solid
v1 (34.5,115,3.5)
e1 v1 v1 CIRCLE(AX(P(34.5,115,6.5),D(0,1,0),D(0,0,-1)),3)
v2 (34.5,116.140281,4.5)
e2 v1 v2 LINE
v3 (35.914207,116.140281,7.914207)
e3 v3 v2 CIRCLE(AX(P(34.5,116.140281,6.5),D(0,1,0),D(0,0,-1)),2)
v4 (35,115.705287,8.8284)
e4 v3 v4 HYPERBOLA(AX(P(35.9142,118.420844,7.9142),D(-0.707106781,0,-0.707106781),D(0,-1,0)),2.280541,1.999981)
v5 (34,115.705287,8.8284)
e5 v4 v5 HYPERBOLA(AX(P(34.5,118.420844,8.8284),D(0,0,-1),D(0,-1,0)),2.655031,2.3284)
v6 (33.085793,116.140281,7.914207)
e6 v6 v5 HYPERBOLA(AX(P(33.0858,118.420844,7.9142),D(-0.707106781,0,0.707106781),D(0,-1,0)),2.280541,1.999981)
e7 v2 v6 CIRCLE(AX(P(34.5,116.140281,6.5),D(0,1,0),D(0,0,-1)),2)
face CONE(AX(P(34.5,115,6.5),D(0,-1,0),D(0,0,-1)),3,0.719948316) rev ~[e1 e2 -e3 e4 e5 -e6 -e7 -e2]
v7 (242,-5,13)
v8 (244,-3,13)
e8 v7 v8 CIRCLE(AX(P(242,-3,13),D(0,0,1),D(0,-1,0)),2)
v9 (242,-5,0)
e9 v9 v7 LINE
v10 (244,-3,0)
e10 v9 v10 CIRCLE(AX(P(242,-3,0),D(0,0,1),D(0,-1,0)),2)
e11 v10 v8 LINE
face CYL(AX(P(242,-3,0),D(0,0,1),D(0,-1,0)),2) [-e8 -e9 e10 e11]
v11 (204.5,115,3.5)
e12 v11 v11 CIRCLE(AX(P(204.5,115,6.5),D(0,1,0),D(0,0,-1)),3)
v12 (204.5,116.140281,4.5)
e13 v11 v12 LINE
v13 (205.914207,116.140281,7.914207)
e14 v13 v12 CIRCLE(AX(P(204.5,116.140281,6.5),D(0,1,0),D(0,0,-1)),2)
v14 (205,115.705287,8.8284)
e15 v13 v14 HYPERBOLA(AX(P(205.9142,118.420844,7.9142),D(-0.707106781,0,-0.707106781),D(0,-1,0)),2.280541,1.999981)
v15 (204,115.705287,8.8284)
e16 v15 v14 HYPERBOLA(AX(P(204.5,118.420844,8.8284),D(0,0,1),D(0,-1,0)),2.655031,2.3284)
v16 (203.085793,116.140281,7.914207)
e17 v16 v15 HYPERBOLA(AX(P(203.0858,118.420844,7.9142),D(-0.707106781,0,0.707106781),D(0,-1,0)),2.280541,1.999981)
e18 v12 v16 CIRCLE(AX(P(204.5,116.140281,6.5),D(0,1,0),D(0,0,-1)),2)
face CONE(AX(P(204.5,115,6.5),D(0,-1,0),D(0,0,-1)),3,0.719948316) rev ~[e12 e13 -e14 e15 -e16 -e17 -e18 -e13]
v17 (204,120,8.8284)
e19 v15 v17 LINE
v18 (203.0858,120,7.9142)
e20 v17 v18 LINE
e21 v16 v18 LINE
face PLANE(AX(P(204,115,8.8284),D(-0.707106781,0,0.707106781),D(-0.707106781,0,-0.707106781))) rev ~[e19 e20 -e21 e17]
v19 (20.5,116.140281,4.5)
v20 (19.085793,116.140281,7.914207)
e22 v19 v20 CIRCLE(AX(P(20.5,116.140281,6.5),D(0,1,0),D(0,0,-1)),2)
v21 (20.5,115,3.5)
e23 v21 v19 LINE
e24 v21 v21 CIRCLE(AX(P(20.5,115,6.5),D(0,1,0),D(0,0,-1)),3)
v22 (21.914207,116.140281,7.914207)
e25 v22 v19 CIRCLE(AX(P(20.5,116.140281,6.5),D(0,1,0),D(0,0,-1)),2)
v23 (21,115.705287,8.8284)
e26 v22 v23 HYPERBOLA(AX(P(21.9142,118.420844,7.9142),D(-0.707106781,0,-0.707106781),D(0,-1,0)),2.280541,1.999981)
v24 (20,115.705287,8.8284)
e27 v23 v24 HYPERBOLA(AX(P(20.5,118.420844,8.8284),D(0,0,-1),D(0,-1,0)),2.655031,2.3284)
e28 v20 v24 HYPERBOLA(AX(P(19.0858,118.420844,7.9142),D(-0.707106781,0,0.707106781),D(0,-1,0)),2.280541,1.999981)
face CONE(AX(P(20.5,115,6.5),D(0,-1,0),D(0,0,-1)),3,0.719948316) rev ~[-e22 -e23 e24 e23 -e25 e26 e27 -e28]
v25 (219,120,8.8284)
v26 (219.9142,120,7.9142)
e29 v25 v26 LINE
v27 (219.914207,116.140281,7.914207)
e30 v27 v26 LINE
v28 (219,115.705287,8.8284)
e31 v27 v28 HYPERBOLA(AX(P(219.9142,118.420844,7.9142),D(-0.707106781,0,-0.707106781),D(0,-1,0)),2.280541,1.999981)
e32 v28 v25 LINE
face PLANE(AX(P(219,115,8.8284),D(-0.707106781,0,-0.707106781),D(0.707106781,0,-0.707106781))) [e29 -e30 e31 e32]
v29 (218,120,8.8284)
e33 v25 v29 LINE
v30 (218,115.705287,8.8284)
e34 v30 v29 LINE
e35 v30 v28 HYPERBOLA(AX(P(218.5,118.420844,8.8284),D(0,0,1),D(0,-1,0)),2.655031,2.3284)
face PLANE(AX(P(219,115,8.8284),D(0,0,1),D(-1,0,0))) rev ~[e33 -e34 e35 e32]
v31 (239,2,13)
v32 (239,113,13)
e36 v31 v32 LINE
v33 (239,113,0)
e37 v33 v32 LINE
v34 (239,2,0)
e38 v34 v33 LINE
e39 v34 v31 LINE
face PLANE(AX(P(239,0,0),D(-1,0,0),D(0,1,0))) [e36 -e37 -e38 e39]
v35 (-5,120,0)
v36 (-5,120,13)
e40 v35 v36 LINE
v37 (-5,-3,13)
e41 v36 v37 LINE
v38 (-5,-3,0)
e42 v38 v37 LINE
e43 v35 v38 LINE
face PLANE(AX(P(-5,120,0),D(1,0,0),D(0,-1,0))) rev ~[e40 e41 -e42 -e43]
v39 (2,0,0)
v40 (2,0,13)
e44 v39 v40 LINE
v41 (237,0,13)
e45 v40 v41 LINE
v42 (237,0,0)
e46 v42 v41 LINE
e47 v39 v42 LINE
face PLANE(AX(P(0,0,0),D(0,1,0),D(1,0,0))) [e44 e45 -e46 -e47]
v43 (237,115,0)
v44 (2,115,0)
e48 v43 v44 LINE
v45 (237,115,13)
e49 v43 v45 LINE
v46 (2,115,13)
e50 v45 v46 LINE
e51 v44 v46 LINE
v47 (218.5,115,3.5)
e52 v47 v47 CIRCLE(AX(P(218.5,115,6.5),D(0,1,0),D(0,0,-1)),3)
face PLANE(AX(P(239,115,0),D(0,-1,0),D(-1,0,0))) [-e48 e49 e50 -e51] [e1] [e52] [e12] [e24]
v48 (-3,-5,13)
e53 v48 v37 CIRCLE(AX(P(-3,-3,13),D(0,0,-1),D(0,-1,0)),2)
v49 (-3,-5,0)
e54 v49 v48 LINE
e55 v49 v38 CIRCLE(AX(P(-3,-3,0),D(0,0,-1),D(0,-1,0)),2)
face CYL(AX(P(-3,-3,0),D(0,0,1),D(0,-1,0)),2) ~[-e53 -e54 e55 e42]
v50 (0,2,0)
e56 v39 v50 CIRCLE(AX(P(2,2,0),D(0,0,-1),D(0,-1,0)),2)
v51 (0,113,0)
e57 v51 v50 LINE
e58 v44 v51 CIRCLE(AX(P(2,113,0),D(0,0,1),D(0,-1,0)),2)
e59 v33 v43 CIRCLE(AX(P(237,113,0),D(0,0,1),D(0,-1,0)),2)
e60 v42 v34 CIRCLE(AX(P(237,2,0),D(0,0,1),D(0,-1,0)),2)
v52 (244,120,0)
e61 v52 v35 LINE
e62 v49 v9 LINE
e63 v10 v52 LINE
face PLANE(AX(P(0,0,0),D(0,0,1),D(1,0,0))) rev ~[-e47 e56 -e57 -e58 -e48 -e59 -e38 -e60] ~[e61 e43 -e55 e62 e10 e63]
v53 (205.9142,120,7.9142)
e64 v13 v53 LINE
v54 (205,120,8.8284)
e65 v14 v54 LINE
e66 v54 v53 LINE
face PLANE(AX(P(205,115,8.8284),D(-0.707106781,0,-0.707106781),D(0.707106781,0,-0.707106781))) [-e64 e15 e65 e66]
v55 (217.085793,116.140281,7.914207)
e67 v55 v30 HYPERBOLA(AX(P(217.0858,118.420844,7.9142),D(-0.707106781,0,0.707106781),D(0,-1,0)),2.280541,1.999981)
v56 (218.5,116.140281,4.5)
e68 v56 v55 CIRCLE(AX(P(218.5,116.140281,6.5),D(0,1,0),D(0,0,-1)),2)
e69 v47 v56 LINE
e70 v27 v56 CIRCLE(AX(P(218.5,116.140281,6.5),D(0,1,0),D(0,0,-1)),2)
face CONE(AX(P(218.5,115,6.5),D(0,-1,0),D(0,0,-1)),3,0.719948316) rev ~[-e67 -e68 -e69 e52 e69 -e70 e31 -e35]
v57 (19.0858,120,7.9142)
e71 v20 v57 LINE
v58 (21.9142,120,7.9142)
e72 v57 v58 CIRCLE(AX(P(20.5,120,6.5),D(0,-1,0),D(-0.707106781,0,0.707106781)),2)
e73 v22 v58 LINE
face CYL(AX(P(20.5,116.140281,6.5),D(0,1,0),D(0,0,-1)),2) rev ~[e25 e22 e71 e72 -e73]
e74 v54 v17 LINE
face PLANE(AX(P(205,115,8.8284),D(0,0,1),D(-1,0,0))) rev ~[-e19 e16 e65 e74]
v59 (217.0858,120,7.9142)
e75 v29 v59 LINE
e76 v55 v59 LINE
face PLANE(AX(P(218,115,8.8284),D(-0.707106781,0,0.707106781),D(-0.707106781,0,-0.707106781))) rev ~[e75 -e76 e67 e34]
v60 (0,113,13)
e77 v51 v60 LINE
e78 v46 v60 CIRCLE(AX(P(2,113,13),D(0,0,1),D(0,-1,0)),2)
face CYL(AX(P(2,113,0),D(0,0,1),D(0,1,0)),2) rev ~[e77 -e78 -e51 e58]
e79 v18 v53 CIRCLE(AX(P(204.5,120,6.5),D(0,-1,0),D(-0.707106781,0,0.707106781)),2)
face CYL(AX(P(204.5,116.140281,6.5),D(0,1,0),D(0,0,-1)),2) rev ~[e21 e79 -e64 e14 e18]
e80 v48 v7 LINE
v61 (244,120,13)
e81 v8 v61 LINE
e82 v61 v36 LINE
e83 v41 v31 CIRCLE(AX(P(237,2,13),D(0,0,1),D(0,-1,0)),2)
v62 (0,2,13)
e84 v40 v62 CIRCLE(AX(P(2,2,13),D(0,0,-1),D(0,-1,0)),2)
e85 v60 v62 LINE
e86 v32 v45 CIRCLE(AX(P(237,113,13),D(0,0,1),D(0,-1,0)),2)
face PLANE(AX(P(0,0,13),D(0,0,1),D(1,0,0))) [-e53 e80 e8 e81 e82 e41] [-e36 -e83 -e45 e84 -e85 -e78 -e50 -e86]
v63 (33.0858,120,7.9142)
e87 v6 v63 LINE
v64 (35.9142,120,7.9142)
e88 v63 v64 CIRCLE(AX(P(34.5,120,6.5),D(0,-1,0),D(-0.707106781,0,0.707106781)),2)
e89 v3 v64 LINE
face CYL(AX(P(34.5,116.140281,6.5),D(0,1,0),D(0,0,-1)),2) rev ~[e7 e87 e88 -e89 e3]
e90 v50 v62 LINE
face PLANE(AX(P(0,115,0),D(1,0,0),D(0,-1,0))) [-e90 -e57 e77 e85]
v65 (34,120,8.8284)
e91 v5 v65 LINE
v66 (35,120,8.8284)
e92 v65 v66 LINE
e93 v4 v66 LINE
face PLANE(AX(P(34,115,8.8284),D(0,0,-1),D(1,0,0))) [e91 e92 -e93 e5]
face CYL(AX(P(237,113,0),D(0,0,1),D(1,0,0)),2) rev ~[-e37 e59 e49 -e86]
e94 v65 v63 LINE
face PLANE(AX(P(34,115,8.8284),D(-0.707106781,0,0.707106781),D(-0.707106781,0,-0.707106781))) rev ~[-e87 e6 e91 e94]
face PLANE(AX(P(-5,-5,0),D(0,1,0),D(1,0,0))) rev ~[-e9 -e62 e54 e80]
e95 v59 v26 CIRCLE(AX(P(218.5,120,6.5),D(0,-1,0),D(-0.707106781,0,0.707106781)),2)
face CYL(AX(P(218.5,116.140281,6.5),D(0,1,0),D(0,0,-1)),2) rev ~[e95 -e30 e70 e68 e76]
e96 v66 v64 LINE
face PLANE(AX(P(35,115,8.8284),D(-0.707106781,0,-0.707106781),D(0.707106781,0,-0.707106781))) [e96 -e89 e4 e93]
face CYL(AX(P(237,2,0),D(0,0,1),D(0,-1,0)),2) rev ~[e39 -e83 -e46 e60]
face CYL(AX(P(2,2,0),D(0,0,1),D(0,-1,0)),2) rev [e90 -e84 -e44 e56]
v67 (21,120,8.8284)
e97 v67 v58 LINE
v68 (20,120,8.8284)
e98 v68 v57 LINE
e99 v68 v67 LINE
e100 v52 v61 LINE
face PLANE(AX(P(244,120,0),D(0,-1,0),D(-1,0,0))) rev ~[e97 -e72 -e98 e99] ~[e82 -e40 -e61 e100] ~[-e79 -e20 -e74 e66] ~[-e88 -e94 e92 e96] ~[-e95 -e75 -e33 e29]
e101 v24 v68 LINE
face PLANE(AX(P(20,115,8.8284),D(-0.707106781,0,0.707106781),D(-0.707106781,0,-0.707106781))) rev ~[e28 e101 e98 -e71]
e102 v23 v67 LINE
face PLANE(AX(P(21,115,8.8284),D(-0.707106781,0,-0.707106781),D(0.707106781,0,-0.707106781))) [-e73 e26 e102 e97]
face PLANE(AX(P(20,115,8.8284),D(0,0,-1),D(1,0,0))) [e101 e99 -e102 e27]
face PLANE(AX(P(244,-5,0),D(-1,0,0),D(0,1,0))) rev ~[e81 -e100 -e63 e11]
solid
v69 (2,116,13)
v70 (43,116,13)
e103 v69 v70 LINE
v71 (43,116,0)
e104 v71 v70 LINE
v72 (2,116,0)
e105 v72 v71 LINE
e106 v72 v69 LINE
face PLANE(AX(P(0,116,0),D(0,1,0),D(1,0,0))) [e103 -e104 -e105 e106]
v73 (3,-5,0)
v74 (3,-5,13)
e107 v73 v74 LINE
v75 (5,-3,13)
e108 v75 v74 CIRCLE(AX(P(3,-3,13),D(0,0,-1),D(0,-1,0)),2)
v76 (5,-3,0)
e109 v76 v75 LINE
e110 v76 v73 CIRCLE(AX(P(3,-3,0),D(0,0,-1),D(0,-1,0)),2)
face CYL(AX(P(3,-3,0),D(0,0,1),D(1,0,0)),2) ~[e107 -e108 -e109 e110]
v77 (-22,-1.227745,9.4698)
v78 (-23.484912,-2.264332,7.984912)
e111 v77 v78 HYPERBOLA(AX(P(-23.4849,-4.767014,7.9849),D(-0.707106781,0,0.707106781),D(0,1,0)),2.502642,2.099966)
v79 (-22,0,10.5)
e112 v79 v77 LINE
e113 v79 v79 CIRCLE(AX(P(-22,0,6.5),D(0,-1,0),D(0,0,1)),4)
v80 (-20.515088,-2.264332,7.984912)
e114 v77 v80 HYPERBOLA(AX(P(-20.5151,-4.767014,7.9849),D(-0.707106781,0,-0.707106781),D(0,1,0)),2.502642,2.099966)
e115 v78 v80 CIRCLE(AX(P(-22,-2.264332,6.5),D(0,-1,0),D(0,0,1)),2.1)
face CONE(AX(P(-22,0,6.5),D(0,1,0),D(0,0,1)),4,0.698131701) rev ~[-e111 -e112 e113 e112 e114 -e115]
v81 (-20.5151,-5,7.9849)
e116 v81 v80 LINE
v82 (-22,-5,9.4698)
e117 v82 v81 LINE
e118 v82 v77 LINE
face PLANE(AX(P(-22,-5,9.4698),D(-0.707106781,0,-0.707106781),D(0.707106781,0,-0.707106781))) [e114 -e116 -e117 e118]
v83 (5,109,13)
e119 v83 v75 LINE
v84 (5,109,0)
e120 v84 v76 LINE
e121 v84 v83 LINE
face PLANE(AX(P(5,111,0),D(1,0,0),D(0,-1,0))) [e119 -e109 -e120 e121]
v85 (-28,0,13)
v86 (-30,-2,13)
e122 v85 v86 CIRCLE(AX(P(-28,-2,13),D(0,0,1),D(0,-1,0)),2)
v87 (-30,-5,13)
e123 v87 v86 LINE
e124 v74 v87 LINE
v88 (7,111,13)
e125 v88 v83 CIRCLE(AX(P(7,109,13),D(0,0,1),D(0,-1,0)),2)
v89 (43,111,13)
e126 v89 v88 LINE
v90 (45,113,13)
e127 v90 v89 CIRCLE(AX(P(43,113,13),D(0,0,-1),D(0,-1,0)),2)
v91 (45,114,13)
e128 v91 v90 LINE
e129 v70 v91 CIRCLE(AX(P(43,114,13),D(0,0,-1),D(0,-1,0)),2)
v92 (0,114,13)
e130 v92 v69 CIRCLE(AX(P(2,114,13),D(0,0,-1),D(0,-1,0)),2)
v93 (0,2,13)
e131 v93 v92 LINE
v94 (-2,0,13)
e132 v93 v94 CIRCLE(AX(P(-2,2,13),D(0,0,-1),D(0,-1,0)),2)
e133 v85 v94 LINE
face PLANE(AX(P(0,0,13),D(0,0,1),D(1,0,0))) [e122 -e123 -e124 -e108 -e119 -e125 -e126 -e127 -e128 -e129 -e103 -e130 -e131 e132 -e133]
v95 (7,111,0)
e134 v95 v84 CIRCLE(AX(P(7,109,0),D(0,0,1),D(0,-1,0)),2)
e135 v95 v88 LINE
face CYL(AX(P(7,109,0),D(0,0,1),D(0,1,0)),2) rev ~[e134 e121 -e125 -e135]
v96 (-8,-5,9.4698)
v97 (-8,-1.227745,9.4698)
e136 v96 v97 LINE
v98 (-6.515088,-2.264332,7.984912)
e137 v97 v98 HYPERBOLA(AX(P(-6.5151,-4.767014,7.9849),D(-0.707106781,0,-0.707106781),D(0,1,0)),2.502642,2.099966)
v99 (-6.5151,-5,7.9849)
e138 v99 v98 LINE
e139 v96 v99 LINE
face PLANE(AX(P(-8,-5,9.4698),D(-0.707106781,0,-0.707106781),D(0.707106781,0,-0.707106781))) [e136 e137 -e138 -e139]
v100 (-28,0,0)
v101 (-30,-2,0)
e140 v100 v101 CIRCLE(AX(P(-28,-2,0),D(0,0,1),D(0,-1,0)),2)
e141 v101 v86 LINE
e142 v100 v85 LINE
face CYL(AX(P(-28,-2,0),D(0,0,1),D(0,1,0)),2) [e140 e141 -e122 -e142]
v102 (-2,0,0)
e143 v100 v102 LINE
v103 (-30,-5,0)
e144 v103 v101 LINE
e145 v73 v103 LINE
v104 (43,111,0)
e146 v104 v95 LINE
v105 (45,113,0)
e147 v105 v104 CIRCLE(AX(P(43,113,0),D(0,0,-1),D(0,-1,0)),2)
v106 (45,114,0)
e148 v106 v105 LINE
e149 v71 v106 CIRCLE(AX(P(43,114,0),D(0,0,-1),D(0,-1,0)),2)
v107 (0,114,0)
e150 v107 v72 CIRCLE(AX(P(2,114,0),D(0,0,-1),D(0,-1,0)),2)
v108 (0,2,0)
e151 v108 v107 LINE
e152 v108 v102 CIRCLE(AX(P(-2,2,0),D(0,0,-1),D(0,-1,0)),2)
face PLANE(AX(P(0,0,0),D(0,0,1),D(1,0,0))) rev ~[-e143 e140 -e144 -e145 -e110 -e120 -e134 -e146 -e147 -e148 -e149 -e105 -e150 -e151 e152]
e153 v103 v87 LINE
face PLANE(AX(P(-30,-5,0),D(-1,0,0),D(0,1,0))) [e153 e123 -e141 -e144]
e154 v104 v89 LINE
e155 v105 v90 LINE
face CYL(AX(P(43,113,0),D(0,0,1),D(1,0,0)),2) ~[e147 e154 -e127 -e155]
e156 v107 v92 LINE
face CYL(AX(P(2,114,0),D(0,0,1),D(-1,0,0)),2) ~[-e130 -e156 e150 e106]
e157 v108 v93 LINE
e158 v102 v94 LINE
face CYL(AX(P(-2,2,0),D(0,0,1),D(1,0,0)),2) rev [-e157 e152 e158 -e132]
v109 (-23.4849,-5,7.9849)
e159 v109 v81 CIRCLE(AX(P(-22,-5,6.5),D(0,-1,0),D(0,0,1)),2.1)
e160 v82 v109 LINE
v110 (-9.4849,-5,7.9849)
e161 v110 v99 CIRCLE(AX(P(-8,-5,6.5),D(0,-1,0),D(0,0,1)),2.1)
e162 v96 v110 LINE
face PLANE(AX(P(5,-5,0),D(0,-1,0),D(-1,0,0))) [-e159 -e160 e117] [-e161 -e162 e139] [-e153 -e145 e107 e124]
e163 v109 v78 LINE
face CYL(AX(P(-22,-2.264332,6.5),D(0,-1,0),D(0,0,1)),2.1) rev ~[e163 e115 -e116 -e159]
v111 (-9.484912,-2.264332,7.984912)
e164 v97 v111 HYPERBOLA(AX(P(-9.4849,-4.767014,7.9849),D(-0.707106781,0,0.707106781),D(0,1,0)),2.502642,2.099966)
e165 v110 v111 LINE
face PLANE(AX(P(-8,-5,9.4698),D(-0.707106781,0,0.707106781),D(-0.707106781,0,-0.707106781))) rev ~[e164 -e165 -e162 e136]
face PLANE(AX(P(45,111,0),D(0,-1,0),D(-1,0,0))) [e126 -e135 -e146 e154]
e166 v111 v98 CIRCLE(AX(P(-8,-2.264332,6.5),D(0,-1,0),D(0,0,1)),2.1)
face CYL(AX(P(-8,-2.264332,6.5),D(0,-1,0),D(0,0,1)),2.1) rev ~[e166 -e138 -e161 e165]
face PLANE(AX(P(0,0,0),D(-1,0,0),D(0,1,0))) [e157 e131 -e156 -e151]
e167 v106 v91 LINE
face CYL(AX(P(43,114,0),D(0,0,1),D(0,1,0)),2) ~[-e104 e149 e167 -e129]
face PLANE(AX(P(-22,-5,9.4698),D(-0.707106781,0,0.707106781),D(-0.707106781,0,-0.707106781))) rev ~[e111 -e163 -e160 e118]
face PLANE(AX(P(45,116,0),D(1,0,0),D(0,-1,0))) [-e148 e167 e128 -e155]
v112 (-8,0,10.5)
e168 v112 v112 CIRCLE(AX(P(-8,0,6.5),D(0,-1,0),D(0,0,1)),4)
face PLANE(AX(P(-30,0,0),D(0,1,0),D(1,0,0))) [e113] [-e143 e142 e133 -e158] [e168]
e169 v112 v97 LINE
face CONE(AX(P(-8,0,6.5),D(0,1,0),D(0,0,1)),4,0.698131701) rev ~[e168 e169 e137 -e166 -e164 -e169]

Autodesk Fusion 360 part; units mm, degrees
sketch "Sketch1" plane through (0, 0, 0) normal (0, 0, 1) x (1, 0, 0)
  line L0 (0, 0) -> (0, 116)
  line L1 (0, 116) -> (45, 116)
  line L2 (45, 116) -> (45, 111)
  line L3 (45, 111) -> (5, 111)
  line L4 (5, 111) -> (5, -5)
  line L5 (5, -5) -> (-30, -5)
  line L6 (-30, -5) -> (-30, 0)
  line L7 (-30, 0) -> (0, 0)
  dimension "d1" = 116
  dimension "d2" = 5
  dimension "d3" = 5
  dimension "d4" = 40
  dimension "d5" = 5
  dimension "d6" = 30
extrude "Extrude1" add sketch "Sketch1" along normal blind 13 makes body 1
sketch "Sketch2" plane through (0, 0, 0) normal (0, 1, 0) x (-1, 0, 0)
  line L0 (0, 0) -> (30, 0)
  line L1 (30, 0) -> (30, 13)
  line L2 (30, 13) -> (0, 13)
  line L3 (0, 13) -> (0, 0)
  line L4 (30, 6.5) -> (0, 6.5) construction
  line L5 (15, 6.5) -> (15, 0) construction
  point P0 (8, 6.5)
  point P1 (22, 6.5)
  dimension "d9" = 14
  dimension "d10" = 8
hole "Hole1" at (-22, 0, 6.5) at (-8, 0, 6.5) direction (0, -1, 0) diameter 4.2 depth 5 tip angle 180 countersink diameter 8 countersink angle 80 bodies 1
fillet "Fillet1" radius 2 7 edges at (-30, 0, 6.5) (0, 0, 6.5) (0, 116, 6.5) (45, 116, 6.5) (5, 111, 6.5) (45, 111, 6.5) (5, -5, 6.5) on bodies 1
sketch "Sketch3" plane through (0, -5, 0) normal (0, -1, 0) x (1, 0, 0)
  line L0 (3, 0) -> (3, 13)
  line L1 (3, 13) -> (-30, 13)
  line L2 (-30, 13) -> (-30, 0)
  line L3 (-30, 0) -> (3, 0)
  circle A0 centre (-8, 6.5) radius 2.1
  circle A1 centre (-22, 6.5) radius 2.1
  circle A2 centre (-22, 6.5) radius 2.1
  circle A3 centre (-8, 6.5) radius 2.1
  line L4 (-22, 6.5) -> (-22, 6.8101)
  line L5 (-22, 6.8101) -> (-22, 9.4698) construction
  line L6 (-22, 9.4698) -> (-20.5151, 7.9849)
  line L7 (-22, 9.4698) -> (-23.4849, 7.9849)
  line L8 (-8, 6.5) -> (-8, 6.7678) construction
  line L9 (-8, 6.7678) -> (-8, 9.4698) construction
  line L10 (-8, 9.4698) -> (-6.5151, 7.9849)
  line L11 (-8, 9.4698) -> (-9.4849, 7.9849)
extrude "Extrude2" cut sketch "Sketch3" against normal blind 5 contours A0 A3 L10 L11 | A1 A2 L6 L7 bodies 1
copy_body "Body->Comp1" bodies 1 removing the originals makes body 2 in component "Cat Water Bowl anti-tip bracket"
sketch "Base Sketch" plane through (0, 0, 0) normal (0, 0, 1) x (1, 0, 0) in component "v2 Anti-tip Bracket"
  line L0 (0, 0) -> (239, 0)
  line L1 (239, 0) -> (239, 115)
  line L2 (239, 115) -> (0, 115)
  line L3 (0, 115) -> (0, 0)
  line L4 (244, -5) -> (244, 120)
  line L5 (244, 120) -> (-5, 120)
  line L6 (-5, 120) -> (-5, -5)
  line L7 (-5, -5) -> (244, -5)
  dimension "d21" = 239
  dimension "d22" = 115
  dimension "d23" = 5
  dimension "d41" = 249
extrude "Extrude1'" add sketch "Base Sketch" along normal blind 13 separate body makes body 3 in component "v2 Anti-tip Bracket"
sketch "Hole positions and Teardrops" plane through (0, 115, 0) normal (0, -1, 0) x (1, 0, 0) in component "v2 Anti-tip Bracket"
  line L0 (0, 0) -> (239, 0)
  line L1 (239, 0) -> (239, 13)
  line L2 (239, 13) -> (0, 13)
  line L3 (0, 13) -> (0, 0)
  line L4 (-5, 0) -> (244, 0)
  line L5 (244, 0) -> (244, 13)
  line L6 (244, 13) -> (-5, 13)
  line L7 (-5, 13) -> (-5, 0)
  line L8 (119.5, 13) -> (119.5, 32.1039) construction
  circle A0 centre (20.5, 6.5) radius 2
  circle A1 centre (34.5, 6.5) radius 2
  line L9 (-5, 6.5) -> (34.5, 6.5) construction
  circle A2 centre (218.5, 6.5) radius 2
  circle A3 centre (204.5, 6.5) radius 2
  line L10 (218.5, 9.3284) -> (217.0858, 7.9142)
  line L11 (218.5, 6.5) -> (218.5, 9.3284) construction
  line L12 (218.5, 9.3284) -> (219.9142, 7.9142)
  line L13 (219, 8.8284) -> (218, 8.8284)
  line L14 (204.5, 6.5) -> (204.5, 9.3284) construction
  line L15 (204.5, 9.3284) -> (205.9142, 7.9142)
  line L16 (204.5, 9.3284) -> (203.0858, 7.9142)
  line L17 (205, 8.8284) -> (204, 8.8284)
  line L18 (20.5, 9.3284) -> (21.9142, 7.9142)
  line L19 (20, 8.8284) -> (21, 8.8284)
  line L20 (20.5, 9.3284) -> (19.0858, 7.9142)
  line L21 (34.5, 9.3284) -> (33.0858, 7.9142)
  line L22 (34, 8.8284) -> (35, 8.8284)
  line L23 (34.5, 9.3284) -> (35.9142, 7.9142)
  dimension "d26" = 4
  dimension "d27" = 14
  dimension "d28" = 85
  dimension "d36" = 1
  dimension "d38" = 1
hole "Hole1'" at (34.5, 115, 6.5) at (20.5, 115, 6.5) at (218.5, 115, 6.5) at (204.5, 115, 6.5) direction (0, 1, 0) diameter 4 depth 5 tip angle 118 countersink diameter 6 countersink angle 82.5 bodies 3 in component "v2 Anti-tip Bracket"
fillet "Fillet1'" radius 2 6 edges at (0, 115, 6.5) (239, 115, 6.5) (239, 0, 6.5) (0, 0, 6.5) (244, -5, 6.5) (-5, -5, 6.5) on bodies 3 in component "v2 Anti-tip Bracket"
extrude "Extrude2'" cut sketch "Hole positions and Teardrops" against normal blind 5 contours A0 L18 L19 L20 | A1 L21 L22 L23 | A2 L10 L12 L13 | A3 L15 L16 L17 bodies 3 in component "v2 Anti-tip Bracket"
component "Cat Water Bowl anti-tip bracket" placed x (1, 0, 0) y (0, 1, 0) z (0, 0, 1) at (0, 0, 0)
component "v2 Anti-tip Bracket" placed x (1, 0, 0) y (0, 1, 0) z (0, 0, 1) at (0, 0, 0)
equation "d3 = d2"
equation "d5 = d2"
